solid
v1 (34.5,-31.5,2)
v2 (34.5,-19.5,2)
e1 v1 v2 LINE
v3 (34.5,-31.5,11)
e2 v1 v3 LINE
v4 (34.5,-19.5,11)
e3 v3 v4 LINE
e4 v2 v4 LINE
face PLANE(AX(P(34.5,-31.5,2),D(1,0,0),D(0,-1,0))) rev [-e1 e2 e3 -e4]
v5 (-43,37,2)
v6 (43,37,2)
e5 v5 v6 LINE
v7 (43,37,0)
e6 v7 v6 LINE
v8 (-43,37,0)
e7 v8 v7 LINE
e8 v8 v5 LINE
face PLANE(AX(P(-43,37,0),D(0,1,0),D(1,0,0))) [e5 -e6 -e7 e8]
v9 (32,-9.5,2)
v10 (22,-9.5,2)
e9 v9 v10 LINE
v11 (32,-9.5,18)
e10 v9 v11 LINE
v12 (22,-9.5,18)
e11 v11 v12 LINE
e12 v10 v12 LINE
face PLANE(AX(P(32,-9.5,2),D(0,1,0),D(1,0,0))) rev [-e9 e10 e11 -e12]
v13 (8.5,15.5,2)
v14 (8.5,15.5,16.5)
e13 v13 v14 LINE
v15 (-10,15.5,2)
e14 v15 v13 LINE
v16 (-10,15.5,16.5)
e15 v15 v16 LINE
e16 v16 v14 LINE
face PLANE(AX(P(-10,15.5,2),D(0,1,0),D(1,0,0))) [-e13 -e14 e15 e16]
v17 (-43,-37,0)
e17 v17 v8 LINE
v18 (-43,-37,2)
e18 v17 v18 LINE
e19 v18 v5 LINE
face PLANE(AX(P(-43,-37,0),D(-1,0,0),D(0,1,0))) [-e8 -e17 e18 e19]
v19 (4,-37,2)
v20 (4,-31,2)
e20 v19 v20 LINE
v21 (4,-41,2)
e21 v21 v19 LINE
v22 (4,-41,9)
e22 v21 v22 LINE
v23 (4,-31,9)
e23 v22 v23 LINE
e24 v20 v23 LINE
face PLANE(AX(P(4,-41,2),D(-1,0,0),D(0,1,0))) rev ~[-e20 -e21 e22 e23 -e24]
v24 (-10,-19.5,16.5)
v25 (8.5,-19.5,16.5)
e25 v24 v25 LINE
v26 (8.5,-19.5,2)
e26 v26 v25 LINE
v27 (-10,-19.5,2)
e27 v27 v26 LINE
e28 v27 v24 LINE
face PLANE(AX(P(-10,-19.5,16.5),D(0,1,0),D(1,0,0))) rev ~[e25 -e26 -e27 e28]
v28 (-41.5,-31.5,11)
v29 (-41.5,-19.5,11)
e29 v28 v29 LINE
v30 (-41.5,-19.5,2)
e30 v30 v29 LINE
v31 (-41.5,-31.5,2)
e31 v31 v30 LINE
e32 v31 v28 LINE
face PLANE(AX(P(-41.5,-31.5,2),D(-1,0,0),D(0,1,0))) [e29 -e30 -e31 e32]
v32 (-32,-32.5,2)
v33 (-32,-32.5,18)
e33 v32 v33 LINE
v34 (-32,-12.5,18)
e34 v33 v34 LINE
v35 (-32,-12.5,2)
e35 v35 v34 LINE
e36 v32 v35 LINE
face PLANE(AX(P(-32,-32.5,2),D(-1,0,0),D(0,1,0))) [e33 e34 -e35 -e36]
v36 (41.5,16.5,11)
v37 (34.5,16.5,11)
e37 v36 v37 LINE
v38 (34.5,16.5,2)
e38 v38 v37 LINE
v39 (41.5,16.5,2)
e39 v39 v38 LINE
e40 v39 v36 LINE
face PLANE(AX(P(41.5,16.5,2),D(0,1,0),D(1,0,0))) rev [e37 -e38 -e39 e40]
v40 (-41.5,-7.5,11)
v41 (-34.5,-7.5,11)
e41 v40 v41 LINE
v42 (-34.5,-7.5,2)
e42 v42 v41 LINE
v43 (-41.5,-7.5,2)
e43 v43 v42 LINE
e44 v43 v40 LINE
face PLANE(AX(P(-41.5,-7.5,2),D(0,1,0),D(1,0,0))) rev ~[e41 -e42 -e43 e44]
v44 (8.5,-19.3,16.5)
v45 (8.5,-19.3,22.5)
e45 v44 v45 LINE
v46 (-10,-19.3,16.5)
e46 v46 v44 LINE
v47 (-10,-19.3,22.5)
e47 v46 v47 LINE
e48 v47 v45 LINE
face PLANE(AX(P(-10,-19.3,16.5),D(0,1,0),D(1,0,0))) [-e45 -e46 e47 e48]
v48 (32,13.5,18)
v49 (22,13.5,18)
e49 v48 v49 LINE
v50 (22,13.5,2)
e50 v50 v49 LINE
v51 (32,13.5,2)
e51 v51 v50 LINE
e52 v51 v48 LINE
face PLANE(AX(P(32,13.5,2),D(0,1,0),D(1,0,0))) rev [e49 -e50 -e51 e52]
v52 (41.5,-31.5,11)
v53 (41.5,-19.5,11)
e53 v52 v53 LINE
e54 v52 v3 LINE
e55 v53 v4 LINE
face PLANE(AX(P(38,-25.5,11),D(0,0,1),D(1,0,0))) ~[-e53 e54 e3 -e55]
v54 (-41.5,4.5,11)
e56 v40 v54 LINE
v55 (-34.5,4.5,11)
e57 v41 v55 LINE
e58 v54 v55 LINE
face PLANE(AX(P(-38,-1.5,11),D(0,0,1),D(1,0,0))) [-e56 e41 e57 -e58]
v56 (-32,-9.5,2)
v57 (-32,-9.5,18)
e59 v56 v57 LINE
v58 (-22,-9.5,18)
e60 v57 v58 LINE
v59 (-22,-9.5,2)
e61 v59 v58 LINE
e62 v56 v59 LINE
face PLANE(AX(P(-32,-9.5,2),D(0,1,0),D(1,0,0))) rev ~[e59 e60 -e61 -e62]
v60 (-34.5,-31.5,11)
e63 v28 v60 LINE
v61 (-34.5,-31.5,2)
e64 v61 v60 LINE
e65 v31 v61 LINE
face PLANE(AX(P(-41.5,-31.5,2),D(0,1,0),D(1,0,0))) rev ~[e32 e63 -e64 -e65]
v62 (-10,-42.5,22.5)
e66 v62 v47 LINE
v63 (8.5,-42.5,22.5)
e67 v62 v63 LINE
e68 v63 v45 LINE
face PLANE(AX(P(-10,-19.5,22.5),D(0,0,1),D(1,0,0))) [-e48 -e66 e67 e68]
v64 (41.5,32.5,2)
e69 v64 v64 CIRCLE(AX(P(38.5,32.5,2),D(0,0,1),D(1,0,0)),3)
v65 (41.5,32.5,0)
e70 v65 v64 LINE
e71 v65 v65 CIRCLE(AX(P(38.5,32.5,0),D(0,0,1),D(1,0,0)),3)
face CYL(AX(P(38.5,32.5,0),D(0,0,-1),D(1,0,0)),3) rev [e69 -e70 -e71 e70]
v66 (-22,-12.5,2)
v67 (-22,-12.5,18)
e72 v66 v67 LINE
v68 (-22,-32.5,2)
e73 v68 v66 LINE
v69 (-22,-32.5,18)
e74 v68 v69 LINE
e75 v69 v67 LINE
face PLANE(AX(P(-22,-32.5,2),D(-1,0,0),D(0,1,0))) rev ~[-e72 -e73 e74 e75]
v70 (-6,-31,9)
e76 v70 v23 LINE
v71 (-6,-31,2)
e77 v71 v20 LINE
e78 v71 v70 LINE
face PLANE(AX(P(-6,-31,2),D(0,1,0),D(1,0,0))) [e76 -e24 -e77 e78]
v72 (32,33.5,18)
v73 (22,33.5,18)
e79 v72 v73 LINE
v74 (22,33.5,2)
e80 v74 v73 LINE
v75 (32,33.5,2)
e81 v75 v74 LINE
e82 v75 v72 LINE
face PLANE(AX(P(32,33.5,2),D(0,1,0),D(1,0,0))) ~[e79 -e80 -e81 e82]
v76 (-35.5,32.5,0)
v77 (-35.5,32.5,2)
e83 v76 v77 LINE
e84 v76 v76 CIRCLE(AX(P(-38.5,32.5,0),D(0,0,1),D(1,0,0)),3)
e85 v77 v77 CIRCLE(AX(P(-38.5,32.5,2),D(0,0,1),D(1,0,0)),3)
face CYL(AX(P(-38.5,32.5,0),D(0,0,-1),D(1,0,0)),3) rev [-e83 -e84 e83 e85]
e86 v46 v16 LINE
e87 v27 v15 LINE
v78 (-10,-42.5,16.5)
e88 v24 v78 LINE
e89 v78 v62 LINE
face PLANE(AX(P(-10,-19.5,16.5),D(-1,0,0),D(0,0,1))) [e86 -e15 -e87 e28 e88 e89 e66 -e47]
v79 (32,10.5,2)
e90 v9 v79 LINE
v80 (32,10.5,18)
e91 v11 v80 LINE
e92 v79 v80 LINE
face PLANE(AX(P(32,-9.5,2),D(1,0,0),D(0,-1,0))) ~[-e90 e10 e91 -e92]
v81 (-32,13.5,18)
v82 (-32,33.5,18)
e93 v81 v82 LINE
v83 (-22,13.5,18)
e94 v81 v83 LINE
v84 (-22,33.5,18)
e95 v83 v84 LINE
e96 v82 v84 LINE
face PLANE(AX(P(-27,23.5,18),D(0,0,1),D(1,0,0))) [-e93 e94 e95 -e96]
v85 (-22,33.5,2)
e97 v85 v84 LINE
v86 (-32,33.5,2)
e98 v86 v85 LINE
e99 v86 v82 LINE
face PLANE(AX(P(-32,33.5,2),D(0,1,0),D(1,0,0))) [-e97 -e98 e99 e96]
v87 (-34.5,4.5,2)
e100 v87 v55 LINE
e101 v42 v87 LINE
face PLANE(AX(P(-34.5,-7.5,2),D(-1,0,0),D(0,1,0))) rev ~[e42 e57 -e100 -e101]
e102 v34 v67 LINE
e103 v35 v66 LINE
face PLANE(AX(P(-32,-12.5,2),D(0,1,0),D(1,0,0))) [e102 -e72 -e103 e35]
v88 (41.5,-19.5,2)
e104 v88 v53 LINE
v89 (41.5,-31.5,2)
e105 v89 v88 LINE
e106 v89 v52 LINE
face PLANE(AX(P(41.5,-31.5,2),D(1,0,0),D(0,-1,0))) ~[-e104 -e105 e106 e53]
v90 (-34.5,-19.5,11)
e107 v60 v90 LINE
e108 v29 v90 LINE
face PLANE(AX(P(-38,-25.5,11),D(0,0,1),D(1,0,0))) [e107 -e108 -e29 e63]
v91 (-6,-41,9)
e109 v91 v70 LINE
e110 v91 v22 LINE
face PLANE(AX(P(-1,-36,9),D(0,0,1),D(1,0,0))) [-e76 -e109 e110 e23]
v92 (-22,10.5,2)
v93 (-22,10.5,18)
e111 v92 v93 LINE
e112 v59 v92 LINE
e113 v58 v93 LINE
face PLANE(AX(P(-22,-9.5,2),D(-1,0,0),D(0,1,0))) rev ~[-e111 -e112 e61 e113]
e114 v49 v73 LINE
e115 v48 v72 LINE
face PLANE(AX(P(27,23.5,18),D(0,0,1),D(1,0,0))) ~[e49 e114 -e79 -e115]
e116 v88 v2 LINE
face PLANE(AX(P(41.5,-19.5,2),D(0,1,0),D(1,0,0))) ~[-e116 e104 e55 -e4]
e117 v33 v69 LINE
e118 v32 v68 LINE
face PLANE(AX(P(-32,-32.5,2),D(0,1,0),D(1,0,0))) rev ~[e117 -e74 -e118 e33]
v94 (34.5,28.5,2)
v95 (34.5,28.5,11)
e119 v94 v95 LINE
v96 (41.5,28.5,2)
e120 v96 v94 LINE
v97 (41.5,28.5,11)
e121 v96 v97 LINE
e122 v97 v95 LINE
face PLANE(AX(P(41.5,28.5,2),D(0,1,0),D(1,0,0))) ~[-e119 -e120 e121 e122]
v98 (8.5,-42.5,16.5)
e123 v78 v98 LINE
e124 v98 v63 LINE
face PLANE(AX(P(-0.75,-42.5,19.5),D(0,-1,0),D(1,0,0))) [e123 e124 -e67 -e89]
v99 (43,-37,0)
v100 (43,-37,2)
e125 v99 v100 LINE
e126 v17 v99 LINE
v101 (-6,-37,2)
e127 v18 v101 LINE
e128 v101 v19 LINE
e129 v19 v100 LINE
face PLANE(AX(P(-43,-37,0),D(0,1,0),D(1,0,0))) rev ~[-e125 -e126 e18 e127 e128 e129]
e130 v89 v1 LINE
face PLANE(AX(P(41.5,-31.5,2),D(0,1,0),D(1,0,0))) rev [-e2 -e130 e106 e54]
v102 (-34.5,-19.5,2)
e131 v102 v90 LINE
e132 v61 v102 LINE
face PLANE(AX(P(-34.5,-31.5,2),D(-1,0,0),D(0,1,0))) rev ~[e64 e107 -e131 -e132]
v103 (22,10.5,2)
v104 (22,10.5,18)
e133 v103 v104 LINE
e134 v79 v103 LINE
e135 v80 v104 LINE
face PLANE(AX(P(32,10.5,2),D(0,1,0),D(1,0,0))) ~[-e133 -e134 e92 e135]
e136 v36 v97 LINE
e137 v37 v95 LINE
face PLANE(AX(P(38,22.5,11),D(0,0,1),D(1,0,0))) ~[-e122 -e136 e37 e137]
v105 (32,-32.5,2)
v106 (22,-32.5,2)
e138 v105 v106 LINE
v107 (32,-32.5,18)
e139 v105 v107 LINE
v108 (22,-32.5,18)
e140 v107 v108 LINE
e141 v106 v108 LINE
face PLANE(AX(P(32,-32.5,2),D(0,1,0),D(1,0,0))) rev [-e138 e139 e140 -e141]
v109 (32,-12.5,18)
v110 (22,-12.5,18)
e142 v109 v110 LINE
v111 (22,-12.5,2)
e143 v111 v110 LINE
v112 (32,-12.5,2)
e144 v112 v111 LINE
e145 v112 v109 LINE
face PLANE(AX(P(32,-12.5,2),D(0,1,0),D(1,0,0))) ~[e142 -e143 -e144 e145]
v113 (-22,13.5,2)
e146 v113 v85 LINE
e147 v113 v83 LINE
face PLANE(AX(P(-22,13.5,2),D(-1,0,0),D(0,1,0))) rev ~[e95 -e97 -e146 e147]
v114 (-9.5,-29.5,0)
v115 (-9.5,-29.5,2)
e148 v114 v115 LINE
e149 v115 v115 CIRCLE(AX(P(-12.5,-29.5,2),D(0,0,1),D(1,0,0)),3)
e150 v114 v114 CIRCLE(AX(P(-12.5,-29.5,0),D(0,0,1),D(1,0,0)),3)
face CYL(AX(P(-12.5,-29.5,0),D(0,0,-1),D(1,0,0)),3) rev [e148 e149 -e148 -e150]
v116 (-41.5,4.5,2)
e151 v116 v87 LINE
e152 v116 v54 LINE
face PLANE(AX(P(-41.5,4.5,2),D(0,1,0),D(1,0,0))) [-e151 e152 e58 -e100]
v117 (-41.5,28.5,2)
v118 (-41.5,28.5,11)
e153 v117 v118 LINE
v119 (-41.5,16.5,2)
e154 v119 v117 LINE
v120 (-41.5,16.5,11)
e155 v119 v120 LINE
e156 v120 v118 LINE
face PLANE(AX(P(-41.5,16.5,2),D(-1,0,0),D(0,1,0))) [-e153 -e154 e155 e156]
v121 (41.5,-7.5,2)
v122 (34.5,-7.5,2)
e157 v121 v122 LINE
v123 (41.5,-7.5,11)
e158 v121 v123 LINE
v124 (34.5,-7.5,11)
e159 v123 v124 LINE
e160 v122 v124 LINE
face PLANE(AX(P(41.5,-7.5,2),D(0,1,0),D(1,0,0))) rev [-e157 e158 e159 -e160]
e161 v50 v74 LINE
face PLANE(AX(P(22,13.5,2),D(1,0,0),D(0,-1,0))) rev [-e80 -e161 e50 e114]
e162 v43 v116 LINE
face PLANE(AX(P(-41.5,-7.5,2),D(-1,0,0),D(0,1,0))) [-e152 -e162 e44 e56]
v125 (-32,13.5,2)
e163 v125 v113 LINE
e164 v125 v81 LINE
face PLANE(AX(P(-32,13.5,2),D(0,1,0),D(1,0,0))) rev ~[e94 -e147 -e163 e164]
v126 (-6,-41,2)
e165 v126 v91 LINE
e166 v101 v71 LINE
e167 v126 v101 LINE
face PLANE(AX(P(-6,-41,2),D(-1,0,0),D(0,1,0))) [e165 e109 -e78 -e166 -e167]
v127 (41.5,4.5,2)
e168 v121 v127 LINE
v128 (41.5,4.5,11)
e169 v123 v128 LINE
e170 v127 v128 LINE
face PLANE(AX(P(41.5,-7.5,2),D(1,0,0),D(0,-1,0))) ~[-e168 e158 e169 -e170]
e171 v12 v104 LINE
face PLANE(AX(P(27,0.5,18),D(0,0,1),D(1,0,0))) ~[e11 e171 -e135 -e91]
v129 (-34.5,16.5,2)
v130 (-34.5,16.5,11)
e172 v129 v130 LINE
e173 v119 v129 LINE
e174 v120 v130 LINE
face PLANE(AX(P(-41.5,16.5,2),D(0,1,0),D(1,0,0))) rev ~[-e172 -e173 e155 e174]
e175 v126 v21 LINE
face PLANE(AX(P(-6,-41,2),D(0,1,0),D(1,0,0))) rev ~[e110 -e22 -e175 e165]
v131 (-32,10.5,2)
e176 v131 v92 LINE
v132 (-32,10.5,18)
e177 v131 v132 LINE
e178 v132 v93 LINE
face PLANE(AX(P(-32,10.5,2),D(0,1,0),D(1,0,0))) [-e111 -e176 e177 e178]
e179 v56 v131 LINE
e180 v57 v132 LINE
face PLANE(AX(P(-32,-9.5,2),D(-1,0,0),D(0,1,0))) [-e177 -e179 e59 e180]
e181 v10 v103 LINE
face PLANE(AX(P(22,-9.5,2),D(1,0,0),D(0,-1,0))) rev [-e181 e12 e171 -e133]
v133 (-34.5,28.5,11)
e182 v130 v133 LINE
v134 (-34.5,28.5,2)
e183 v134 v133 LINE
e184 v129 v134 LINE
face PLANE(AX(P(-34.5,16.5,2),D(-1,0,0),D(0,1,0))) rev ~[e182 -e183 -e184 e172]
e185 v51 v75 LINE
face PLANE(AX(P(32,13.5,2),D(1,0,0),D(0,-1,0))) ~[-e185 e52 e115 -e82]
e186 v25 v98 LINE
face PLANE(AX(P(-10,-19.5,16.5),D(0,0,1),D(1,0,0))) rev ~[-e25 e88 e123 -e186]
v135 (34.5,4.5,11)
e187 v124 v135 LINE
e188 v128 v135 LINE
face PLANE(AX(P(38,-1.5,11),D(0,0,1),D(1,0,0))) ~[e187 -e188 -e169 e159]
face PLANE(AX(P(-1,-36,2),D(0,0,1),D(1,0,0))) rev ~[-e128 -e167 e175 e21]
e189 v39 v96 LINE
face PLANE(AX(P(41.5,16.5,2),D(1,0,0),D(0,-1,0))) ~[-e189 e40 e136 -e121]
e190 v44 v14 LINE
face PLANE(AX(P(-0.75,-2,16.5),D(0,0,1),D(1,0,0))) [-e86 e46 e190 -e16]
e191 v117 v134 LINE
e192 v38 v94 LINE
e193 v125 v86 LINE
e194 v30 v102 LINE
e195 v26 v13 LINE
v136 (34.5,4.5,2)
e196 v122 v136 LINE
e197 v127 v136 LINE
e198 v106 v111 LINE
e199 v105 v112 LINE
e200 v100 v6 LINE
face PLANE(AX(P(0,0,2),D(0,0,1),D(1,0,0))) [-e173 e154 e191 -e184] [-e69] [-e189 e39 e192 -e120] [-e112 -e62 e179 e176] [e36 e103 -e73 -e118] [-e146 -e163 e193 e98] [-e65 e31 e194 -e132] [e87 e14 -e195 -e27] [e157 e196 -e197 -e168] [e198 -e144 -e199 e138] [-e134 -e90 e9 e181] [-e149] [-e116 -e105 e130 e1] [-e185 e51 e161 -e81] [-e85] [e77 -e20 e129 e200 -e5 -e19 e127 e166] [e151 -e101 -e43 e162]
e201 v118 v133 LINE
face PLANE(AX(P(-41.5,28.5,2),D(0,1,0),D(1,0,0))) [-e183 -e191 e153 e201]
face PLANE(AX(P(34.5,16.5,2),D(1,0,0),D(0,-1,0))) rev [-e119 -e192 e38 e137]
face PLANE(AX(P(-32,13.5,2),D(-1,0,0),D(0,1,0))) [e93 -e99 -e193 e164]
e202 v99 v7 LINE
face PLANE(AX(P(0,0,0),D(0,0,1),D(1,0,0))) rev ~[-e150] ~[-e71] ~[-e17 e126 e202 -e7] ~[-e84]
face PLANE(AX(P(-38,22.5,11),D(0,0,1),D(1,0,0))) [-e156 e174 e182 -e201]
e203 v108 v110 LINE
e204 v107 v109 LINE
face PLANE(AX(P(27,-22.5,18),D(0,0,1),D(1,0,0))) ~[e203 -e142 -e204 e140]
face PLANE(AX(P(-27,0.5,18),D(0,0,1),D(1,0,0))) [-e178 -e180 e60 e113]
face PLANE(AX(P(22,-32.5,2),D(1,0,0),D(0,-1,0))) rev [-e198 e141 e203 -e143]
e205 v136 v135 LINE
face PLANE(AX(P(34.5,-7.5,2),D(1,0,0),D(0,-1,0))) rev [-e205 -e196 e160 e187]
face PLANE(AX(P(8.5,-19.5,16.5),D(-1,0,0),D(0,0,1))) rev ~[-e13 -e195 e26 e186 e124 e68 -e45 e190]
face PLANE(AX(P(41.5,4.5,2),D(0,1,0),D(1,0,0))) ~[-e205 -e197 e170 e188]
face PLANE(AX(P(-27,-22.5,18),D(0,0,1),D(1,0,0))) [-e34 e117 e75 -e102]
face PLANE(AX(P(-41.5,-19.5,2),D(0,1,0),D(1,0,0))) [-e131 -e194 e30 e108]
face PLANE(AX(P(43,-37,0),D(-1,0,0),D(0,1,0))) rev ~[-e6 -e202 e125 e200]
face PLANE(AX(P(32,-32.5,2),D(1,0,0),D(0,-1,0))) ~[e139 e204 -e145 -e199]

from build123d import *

# Parameters (mm, degrees)
SKETCH_W     = 86
SKETCH_H     = 74
SKETCH_R     = 3
PAD_DEPTH    = 2
SKETCH001_W  = 7
SKETCH001_H  = 12
PAD001_DEPTH = 9
SKETCH002_W  = 18.5
SKETCH002_H  = 35
PAD002_DEPTH = 14.5
SKETCH003_W  = 18.5
SKETCH003_H  = 0.2
PAD003_DEPTH = 6
SKETCH004_W  = 18.5
SKETCH004_H  = 6
PAD004_DEPTH = 23
SKETCH005_W  = 10
SKETCH005_H  = 20
PAD005_DEPTH = 16
SKETCH006_W  = 10
SKETCH006_H  = 10
PAD006_DEPTH = 7


with BuildPart() as part:
    # Sketch → Pad (new body)
    with BuildSketch(Plane.XY):
        Rectangle(SKETCH_W, SKETCH_H)
        with Locations((-38.5, 32.5)):
            Circle(SKETCH_R, mode=Mode.SUBTRACT)
        with Locations((38.5, 32.5)):
            Circle(SKETCH_R, mode=Mode.SUBTRACT)
        with Locations((-12.5, -29.5)):
            Circle(SKETCH_R, mode=Mode.SUBTRACT)
    extrude(amount=PAD_DEPTH)

    # Sketch001 → Pad001 (new body)
    with BuildSketch(Plane.XY.offset(2)):
        with Locations((-38, 22.5)):
            Rectangle(SKETCH001_W, SKETCH001_H)
        with Locations((-38, -1.5)):
            Rectangle(SKETCH001_W, SKETCH001_H)
        with Locations((-38, -25.5)):
            Rectangle(SKETCH001_W, SKETCH001_H)
    pad001 = extrude(amount=PAD001_DEPTH)

    # Mirrored: Pad001 across Sketch001 V_Axis
    add(pad001.mirror(Plane(origin=(0, 0, 2), x_dir=(0, 0, 1), z_dir=(1, 0, 0))))

    # Sketch002 → Pad002 (new body)
    with BuildSketch(Plane.XY.offset(2)):
        with Locations((-0.75, -2)):
            Rectangle(SKETCH002_W, SKETCH002_H)
    extrude(amount=PAD002_DEPTH)

    # Sketch003 → Pad003 (new body)
    with BuildSketch(Plane.XY.offset(16.5)):
        with Locations((-0.75, -19.4)):
            Rectangle(SKETCH003_W, SKETCH003_H)
    extrude(amount=PAD003_DEPTH)

    # Sketch004 → Pad004 (new body)
    with BuildSketch(Plane.XZ.offset(19.5)):
        with Locations((-0.75, 19.5)):
            Rectangle(SKETCH004_W, SKETCH004_H)
    extrude(amount=PAD004_DEPTH)

    # Sketch005 → Pad005 (new body)
    with BuildSketch(Plane.XY.offset(2)):
        with Locations((-27, 23.5)):
            Rectangle(SKETCH005_W, SKETCH005_H)
        with Locations((-27, 0.5)):
            Rectangle(SKETCH005_W, SKETCH005_H)
        with Locations((-27, -22.5)):
            Rectangle(SKETCH005_W, SKETCH005_H)
    pad005 = extrude(amount=PAD005_DEPTH)

    # Mirrored001: Pad005 across Sketch005 V_Axis
    add(pad005.mirror(Plane(origin=(0, 0, 2), x_dir=(0, 0, 1), z_dir=(1, 0, 0))))

    # Sketch006 → Pad006 (new body)
    with BuildSketch(Plane.XY.offset(2)):
        with Locations((-1, -36)):
            Rectangle(SKETCH006_W, SKETCH006_H)
    extrude(amount=PAD006_DEPTH)


solid = part.part
